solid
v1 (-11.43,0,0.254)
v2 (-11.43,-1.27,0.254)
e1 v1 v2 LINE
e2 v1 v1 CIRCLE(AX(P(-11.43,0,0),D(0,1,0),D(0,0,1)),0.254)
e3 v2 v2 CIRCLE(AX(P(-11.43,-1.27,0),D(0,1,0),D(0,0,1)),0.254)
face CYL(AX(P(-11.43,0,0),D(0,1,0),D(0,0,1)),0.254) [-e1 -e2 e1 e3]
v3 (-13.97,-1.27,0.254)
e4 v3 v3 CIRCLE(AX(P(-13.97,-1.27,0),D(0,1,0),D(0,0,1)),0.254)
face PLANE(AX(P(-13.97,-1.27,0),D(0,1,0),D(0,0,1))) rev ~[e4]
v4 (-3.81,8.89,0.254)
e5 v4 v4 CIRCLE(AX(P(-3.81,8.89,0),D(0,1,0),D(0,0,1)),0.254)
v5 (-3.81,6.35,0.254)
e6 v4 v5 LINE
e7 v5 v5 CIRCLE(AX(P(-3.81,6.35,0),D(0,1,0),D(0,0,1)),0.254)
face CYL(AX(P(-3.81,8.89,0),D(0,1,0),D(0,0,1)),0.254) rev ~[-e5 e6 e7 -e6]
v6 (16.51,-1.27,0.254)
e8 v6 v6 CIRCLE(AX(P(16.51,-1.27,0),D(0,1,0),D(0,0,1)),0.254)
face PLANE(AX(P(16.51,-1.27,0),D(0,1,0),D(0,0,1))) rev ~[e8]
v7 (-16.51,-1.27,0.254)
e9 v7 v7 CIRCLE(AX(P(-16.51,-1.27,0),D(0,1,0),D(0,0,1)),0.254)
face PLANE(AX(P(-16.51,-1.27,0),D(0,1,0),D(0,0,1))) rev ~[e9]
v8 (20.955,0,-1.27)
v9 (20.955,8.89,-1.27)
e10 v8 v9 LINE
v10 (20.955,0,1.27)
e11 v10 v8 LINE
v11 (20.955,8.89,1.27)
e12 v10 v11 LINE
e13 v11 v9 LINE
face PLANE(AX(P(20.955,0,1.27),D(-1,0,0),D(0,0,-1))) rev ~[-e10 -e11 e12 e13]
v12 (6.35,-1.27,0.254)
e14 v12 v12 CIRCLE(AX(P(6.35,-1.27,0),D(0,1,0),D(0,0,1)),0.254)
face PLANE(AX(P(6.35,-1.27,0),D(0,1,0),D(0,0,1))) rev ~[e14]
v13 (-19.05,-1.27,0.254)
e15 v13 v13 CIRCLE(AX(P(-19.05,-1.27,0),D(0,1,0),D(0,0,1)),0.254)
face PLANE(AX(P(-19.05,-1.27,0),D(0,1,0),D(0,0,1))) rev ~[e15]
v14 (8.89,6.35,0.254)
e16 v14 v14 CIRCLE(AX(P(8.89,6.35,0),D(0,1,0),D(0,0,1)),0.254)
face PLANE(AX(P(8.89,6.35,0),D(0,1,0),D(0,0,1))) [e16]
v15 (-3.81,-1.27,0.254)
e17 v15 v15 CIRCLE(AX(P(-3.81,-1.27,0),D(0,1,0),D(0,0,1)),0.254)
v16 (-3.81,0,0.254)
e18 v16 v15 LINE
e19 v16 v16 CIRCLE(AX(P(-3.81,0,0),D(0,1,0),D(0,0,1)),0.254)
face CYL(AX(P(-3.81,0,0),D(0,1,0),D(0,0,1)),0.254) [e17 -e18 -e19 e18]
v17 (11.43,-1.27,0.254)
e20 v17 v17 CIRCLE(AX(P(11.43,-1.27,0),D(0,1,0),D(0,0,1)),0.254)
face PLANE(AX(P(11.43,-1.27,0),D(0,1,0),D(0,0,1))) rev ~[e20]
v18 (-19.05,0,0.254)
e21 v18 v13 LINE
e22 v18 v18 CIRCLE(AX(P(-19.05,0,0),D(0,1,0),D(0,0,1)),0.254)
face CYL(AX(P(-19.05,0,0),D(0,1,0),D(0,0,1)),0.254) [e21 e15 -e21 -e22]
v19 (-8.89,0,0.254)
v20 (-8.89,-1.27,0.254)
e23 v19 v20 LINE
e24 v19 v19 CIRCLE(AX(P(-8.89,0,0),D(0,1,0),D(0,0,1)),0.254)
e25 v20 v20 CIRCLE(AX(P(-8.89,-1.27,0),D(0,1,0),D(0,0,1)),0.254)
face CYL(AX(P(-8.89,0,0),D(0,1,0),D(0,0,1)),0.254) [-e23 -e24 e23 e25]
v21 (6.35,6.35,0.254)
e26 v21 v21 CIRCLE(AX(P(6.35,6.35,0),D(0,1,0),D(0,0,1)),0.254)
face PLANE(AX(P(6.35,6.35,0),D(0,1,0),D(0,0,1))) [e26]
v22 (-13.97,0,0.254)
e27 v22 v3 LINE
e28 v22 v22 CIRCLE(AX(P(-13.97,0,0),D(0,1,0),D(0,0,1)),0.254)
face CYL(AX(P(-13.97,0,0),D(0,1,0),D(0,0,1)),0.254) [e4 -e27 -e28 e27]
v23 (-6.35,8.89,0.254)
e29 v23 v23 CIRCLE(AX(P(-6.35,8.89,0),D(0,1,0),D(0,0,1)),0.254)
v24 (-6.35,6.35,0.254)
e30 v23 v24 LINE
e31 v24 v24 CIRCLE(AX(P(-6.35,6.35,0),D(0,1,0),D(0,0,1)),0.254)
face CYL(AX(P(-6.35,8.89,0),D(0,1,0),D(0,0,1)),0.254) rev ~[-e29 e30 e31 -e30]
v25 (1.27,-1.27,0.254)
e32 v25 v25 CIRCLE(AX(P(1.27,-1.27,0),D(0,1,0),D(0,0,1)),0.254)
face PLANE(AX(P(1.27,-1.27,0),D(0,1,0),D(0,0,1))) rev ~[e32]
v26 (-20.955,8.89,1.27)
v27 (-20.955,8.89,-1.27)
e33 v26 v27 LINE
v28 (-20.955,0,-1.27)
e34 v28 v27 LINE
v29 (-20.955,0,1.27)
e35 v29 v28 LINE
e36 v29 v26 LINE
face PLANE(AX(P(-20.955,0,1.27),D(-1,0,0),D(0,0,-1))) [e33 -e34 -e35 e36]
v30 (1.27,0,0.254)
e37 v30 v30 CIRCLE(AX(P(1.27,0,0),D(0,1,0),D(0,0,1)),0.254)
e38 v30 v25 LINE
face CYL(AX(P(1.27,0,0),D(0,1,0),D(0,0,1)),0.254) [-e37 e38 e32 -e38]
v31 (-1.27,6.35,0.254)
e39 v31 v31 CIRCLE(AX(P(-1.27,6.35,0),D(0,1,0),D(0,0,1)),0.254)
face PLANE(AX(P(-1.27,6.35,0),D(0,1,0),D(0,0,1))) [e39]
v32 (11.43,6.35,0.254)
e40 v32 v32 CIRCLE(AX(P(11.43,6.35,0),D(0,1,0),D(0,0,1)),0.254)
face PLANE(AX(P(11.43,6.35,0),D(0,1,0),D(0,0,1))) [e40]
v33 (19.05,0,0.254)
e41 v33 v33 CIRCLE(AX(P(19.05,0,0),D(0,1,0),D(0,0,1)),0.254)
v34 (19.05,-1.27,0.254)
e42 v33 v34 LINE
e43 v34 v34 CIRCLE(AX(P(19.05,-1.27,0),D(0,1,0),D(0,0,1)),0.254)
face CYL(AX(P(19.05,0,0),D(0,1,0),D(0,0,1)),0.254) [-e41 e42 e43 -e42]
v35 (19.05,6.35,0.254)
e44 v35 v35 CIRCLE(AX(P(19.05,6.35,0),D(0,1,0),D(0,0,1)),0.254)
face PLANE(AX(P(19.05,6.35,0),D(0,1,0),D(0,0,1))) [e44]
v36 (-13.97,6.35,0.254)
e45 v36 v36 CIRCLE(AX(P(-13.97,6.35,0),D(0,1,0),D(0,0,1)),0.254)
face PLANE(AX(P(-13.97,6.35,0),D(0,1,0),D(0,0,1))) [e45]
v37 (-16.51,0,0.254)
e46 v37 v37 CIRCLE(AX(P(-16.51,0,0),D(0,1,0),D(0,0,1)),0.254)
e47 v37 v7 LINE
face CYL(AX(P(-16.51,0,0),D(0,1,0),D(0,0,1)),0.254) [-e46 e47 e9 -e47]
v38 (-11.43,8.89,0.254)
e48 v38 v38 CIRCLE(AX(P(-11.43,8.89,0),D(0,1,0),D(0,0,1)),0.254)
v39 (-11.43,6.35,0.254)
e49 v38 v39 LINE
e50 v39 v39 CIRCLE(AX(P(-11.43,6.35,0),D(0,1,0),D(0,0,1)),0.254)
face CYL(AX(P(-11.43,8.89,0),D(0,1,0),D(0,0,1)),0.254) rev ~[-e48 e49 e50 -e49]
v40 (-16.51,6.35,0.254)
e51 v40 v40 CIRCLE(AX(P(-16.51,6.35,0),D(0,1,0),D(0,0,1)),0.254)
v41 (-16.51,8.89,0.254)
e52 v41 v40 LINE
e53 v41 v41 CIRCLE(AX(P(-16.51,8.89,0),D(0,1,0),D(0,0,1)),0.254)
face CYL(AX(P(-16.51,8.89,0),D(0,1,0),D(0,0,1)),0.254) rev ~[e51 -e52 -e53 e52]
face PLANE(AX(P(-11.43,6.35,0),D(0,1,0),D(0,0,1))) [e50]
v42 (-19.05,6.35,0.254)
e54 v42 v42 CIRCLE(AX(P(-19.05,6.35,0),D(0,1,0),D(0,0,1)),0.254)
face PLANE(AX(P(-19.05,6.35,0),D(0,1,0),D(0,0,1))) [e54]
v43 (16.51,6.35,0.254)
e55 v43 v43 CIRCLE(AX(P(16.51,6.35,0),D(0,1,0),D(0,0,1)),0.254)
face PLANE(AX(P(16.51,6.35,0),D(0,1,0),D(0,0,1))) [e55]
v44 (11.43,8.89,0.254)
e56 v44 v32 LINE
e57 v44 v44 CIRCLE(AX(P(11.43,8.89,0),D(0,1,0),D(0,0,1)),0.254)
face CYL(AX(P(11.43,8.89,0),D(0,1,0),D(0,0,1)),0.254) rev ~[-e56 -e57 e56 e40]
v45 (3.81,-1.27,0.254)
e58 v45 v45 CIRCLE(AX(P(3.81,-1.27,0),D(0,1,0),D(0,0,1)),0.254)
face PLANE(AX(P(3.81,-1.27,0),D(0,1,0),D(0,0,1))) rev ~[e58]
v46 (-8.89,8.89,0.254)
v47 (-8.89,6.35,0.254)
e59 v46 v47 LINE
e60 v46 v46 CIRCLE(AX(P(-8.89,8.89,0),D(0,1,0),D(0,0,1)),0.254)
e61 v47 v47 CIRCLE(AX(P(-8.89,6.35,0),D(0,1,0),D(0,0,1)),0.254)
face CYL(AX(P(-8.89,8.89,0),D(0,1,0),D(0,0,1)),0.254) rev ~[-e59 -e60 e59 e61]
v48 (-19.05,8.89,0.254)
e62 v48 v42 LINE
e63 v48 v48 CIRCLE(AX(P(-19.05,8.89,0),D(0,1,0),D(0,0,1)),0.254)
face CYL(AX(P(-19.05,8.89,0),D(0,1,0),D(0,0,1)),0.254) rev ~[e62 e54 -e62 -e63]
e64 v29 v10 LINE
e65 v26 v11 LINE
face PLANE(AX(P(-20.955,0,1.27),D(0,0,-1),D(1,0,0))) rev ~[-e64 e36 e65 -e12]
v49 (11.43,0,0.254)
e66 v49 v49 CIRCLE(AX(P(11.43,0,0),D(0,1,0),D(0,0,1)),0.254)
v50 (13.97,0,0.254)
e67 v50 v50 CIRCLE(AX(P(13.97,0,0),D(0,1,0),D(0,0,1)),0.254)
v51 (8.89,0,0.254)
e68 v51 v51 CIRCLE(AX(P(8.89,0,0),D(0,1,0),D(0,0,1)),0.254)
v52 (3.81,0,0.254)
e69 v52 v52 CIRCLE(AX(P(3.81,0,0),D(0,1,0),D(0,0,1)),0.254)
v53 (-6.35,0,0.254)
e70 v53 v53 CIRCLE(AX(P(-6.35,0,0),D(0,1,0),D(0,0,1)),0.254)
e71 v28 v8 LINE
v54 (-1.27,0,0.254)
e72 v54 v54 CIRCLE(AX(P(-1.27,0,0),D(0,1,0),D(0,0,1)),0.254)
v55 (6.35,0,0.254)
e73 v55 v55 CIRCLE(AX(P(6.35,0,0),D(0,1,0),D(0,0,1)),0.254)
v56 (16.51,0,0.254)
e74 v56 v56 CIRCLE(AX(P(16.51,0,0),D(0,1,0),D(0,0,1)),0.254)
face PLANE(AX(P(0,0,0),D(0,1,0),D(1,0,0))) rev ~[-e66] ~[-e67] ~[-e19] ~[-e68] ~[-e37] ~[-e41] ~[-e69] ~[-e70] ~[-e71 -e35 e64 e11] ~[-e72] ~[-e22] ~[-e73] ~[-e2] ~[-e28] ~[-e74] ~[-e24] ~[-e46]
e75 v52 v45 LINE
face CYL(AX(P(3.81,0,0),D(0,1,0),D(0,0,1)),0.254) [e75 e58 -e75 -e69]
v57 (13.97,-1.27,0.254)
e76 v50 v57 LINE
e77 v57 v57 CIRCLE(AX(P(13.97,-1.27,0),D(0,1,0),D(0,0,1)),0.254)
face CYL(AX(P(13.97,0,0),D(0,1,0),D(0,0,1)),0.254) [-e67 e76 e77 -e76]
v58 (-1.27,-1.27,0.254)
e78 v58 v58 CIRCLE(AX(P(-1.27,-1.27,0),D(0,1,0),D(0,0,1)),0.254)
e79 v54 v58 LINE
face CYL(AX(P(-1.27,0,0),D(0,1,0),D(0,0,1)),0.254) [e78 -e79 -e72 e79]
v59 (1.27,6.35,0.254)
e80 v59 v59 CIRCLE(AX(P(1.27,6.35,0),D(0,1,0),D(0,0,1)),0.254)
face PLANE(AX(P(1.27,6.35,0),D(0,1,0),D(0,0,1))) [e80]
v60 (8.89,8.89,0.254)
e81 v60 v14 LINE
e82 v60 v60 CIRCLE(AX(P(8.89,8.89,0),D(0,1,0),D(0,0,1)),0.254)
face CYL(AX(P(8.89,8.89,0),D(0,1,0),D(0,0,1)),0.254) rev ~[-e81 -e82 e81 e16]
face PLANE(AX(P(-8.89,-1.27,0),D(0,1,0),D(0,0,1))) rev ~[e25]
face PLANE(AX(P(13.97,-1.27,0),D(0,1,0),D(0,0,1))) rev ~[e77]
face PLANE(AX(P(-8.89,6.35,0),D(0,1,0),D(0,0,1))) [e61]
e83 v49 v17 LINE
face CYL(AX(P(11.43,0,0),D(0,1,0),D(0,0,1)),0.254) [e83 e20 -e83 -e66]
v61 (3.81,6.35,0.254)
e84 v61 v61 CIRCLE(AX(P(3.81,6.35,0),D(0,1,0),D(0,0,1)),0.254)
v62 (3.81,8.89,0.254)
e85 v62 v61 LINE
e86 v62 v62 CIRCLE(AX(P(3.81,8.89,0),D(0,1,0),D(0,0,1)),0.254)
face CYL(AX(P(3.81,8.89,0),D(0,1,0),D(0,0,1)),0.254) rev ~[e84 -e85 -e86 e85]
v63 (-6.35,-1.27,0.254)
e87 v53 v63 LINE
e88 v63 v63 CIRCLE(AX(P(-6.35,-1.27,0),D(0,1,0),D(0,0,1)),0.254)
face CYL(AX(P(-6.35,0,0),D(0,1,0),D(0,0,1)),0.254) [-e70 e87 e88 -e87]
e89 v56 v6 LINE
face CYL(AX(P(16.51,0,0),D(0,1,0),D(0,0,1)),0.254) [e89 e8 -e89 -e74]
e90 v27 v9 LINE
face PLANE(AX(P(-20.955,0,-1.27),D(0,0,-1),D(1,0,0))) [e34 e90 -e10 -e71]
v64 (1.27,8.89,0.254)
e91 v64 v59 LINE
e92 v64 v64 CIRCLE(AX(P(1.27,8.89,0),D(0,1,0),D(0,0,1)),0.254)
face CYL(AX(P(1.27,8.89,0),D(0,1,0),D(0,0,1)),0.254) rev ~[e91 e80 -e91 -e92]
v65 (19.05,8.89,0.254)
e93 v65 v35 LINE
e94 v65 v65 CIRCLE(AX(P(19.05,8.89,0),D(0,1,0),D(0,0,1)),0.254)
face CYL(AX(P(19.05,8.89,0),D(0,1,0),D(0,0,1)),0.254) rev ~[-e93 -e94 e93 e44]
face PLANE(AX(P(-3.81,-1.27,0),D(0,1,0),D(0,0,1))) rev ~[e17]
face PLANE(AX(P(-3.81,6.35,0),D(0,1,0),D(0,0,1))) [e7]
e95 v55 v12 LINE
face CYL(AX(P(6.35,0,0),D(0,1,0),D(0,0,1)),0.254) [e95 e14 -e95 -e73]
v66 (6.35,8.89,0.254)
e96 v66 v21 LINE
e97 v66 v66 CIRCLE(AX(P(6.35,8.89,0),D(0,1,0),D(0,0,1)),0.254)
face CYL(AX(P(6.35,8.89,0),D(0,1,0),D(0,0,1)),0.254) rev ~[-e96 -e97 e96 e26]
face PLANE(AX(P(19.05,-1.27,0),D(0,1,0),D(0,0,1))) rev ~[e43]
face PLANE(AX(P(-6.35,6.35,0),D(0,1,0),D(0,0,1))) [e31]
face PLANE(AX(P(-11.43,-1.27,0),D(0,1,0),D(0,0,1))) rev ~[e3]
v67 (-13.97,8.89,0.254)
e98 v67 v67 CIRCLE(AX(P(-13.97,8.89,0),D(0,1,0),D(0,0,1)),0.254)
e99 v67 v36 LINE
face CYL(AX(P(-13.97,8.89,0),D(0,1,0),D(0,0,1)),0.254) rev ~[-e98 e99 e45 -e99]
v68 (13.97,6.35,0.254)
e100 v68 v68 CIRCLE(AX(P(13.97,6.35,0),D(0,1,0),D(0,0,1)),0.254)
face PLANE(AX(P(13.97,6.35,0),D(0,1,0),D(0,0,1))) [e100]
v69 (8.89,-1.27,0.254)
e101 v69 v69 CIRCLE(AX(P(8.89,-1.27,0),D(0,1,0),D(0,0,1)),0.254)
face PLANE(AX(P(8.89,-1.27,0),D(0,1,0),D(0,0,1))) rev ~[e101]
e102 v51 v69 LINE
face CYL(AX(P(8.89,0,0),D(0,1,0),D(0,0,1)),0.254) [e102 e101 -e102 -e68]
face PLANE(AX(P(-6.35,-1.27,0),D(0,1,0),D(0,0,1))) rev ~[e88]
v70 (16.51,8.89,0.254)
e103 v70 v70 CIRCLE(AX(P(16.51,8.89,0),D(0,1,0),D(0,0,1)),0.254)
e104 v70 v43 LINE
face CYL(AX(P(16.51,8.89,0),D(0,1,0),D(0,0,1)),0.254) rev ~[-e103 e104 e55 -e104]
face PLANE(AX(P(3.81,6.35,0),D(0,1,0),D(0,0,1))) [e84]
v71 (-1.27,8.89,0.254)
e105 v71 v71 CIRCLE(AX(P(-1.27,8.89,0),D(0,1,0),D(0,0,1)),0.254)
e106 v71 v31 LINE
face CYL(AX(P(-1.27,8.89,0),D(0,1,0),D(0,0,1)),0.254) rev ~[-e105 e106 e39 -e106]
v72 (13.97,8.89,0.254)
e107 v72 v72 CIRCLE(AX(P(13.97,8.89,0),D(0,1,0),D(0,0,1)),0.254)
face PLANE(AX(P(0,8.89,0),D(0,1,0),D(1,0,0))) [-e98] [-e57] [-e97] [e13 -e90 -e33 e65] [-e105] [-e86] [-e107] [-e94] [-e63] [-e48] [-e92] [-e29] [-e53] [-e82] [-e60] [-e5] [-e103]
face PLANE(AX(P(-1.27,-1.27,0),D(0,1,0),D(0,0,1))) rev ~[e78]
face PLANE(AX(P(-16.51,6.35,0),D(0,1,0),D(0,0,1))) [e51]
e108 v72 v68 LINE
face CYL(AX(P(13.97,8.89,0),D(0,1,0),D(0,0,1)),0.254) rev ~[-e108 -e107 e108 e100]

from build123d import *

# Parameters (mm, degrees)
SKETCH1_W      = 41.91
SKETCH1_H      = 2.54
EXTRUDE1_DEPTH = 8.89
SKETCH2_R      = 0.254
EXTRUDE2_DEPTH = 1.27
SKETCH3_R      = 0.254
EXTRUDE3_DEPTH = 2.54


with BuildPart() as part:
    # Sketch1 → Extrude1 (new body)
    with BuildSketch(Plane(origin=(0, 0, 0), x_dir=(1, 0, 0), z_dir=(0, 1, 0))):
        Rectangle(SKETCH1_W, SKETCH1_H)
    extrude(amount=EXTRUDE1_DEPTH)

    # Sketch2 → Extrude2 (add)
    with BuildSketch(Plane(origin=(0, 0, 0), x_dir=(1, 0, 0), z_dir=(0, 1, 0))):
        with Locations(Location((19.05, 0, 0), (0, 0, 270))):
            Circle(SKETCH2_R)
        with Locations(Location((16.51, 0, 0), (0, 0, 270))):
            Circle(SKETCH2_R)
        with Locations(Location((13.97, 0, 0), (0, 0, 270))):
            Circle(SKETCH2_R)
        with Locations(Location((11.43, 0, 0), (0, 0, 270))):
            Circle(SKETCH2_R)
        with Locations(Location((8.89, 0, 0), (0, 0, 270))):
            Circle(SKETCH2_R)
        with Locations(Location((6.35, 0, 0), (0, 0, 270))):
            Circle(SKETCH2_R)
        with Locations(Location((3.81, 0, 0), (0, 0, 270))):
            Circle(SKETCH2_R)
        with Locations(Location((1.27, 0, 0), (0, 0, 270))):
            Circle(SKETCH2_R)
        with Locations(Location((-1.27, 0, 0), (0, 0, 270))):
            Circle(SKETCH2_R)
        with Locations(Location((-3.81, 0, 0), (0, 0, 270))):
            Circle(SKETCH2_R)
        with Locations(Location((-6.35, 0, 0), (0, 0, 270))):
            Circle(SKETCH2_R)
        with Locations(Location((-8.89, 0, 0), (0, 0, 270))):
            Circle(SKETCH2_R)
        with Locations(Location((-11.43, 0, 0), (0, 0, 270))):
            Circle(SKETCH2_R)
        with Locations(Location((-13.97, 0, 0), (0, 0, 270))):
            Circle(SKETCH2_R)
        with Locations(Location((-16.51, 0, 0), (0, 0, 270))):
            Circle(SKETCH2_R)
        with Locations(Location((-19.05, 0, 0), (0, 0, 270))):
            Circle(SKETCH2_R)
    extrude(amount=-EXTRUDE2_DEPTH)

    # Sketch3 → Extrude3 (cut)
    with BuildSketch(Plane(origin=(0, 8.89, 0), x_dir=(1, 0, 0), z_dir=(0, 1, 0))):
        with Locations(Location((6.35, 0, 0), (0, 0, 270))):
            Circle(SKETCH3_R)
        with Locations(Location((8.89, 0, 0), (0, 0, 270))):
            Circle(SKETCH3_R)
        with Locations(Location((11.43, 0, 0), (0, 0, 270))):
            Circle(SKETCH3_R)
        with Locations(Location((13.97, 0, 0), (0, 0, 270))):
            Circle(SKETCH3_R)
        with Locations(Location((16.51, 0, 0), (0, 0, 270))):
            Circle(SKETCH3_R)
        with Locations(Location((19.05, 0, 0), (0, 0, 270))):
            Circle(SKETCH3_R)
        with Locations(Location((-13.97, 0, 0), (0, 0, 270))):
            Circle(SKETCH3_R)
        with Locations(Location((-11.43, 0, 0), (0, 0, 270))):
            Circle(SKETCH3_R)
        with Locations(Location((-8.89, 0, 0), (0, 0, 270))):
            Circle(SKETCH3_R)
        with Locations(Location((-6.35, 0, 0), (0, 0, 270))):
            Circle(SKETCH3_R)
        with Locations(Location((-3.81, 0, 0), (0, 0, 270))):
            Circle(SKETCH3_R)
        with Locations(Location((-1.27, 0, 0), (0, 0, 270))):
            Circle(SKETCH3_R)
        with Locations(Location((1.27, 0, 0), (0, 0, 270))):
            Circle(SKETCH3_R)
        with Locations(Location((3.81, 0, 0), (0, 0, 270))):
            Circle(SKETCH3_R)
        with Locations(Location((-19.05, 0, 0), (0, 0, 270))):
            Circle(SKETCH3_R)
        with Locations(Location((-16.51, 0, 0), (0, 0, 270))):
            Circle(SKETCH3_R)
    extrude(amount=-EXTRUDE3_DEPTH, mode=Mode.SUBTRACT)


solid = part.part
